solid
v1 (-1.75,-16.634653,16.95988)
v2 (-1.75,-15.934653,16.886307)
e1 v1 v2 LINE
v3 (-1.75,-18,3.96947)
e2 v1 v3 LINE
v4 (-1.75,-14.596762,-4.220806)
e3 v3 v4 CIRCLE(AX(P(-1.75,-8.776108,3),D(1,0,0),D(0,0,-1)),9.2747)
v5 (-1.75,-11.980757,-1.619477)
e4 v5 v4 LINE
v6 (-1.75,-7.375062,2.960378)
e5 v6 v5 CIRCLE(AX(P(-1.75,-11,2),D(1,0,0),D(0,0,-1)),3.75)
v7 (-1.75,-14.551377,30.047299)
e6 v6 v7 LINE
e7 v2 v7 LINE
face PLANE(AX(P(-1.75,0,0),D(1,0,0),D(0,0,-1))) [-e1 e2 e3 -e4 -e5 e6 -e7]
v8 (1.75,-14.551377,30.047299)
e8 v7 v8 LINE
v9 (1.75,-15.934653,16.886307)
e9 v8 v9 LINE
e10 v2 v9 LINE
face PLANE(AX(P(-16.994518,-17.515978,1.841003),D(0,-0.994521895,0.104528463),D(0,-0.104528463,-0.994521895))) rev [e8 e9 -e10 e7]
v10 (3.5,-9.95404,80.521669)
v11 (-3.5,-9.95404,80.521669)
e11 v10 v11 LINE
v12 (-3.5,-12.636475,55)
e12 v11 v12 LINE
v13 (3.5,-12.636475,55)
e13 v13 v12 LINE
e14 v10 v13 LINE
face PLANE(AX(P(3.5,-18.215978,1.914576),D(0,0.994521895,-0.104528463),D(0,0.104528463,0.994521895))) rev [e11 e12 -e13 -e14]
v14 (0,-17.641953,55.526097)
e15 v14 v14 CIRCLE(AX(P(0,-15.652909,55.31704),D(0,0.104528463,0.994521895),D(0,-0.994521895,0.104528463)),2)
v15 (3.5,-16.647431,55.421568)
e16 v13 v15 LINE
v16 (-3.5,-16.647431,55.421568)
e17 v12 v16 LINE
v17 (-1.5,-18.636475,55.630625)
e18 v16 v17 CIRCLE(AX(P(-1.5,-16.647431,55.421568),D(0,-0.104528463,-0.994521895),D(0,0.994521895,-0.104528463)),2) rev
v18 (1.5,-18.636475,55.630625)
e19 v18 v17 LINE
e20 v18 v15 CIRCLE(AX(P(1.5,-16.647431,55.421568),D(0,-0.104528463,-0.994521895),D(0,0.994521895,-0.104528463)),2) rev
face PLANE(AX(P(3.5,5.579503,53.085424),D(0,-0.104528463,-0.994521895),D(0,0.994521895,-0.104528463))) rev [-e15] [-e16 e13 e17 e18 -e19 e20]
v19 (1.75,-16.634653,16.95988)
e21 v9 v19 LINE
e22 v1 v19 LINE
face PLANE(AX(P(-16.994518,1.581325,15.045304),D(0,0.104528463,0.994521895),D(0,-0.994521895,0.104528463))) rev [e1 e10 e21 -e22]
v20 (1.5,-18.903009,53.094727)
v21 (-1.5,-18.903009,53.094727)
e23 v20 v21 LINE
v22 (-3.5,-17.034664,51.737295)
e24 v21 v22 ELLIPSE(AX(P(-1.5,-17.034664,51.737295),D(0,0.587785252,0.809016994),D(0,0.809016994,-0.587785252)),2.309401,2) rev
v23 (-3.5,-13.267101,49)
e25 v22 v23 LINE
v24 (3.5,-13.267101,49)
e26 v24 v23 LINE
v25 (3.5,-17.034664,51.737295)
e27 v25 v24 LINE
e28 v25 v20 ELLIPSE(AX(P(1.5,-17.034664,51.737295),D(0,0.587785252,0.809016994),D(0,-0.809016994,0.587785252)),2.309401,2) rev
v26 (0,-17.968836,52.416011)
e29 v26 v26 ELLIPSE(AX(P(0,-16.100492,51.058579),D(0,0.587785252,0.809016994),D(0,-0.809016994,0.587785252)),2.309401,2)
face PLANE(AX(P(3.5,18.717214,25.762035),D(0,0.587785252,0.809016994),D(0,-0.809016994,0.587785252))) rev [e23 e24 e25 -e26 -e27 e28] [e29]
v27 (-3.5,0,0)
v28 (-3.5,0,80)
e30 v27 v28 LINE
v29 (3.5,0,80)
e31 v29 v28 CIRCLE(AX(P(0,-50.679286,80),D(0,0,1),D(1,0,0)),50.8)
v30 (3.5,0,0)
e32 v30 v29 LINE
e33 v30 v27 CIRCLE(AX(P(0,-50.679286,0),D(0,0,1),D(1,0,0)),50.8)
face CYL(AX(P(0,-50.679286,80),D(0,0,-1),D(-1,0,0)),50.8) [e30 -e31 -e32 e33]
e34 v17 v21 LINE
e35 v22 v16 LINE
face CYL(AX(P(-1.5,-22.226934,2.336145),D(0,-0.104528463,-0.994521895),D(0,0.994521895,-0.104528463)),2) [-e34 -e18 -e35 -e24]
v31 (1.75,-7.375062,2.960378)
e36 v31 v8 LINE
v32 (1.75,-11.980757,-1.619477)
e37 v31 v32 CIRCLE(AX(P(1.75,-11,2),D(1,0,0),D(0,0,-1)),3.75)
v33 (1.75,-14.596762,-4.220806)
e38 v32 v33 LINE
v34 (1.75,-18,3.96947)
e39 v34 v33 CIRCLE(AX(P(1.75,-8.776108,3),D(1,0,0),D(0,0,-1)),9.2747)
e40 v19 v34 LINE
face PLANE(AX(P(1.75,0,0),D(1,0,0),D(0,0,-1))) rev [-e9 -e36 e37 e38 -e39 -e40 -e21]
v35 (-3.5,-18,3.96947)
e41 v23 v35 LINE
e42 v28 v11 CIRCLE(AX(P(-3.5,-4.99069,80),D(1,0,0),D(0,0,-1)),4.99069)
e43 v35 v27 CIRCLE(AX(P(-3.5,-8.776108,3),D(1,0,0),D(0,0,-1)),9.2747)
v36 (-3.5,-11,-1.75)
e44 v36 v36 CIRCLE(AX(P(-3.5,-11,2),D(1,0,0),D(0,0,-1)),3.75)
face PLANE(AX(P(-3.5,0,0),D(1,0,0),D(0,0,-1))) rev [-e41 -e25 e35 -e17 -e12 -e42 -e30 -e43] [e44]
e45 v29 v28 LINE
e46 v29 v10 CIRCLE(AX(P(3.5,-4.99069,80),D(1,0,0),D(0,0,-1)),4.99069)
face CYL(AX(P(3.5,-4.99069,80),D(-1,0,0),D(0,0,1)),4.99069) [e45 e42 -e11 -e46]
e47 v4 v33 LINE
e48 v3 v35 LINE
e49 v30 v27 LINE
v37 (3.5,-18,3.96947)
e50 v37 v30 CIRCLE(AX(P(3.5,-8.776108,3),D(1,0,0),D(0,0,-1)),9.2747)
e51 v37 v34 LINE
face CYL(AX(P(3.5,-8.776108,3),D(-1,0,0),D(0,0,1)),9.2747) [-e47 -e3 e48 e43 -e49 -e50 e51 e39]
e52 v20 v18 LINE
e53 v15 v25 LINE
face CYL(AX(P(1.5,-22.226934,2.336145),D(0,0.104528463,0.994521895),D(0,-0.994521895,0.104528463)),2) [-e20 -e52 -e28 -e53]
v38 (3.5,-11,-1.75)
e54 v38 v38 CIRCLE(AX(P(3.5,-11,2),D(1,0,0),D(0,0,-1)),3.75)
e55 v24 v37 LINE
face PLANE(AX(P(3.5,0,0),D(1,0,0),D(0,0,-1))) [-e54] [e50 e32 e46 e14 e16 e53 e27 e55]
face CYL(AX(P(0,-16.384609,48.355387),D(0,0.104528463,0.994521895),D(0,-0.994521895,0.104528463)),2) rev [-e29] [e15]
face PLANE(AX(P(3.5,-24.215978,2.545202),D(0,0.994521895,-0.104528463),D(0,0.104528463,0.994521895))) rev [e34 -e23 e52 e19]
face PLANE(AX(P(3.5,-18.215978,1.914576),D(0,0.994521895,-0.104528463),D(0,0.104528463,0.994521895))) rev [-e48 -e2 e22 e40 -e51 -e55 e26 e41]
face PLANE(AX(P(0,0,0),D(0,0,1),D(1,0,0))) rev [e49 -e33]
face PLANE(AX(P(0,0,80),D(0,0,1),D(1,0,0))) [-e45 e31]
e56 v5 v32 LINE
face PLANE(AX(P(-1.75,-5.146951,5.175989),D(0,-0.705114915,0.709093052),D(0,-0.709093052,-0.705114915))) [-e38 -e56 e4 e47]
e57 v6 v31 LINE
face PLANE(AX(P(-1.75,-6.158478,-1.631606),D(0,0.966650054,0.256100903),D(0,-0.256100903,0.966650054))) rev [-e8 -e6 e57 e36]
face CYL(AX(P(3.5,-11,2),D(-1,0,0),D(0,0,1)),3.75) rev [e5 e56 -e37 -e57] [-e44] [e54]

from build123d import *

# Parameters (mm, degrees)
SKETCH1_R           = 3.75
BOSS_EXTRUDE1_DEPTH = 3.5
CUT_EXTRUDE1_DEPTH  = 1.75
BOSS_EXTRUDE3_DEPTH = 80
SKETCH9_R           = 2
CUT_EXTRUDE3_DEPTH  = 7
FILLET2_R           = 2
BOSS_EXTRUDE7_DEPTH = 3.5


with BuildPart() as part:
    # Sketch1 → Boss-Extrude1 (new body, symmetric)
    with BuildSketch(Plane(origin=(0, 0, 0), x_dir=(0, 0, -1), z_dir=(1, 0, 0))):
        with BuildLine():
            Line((-80.521669114, -9.954039671), (-3.96947016, -18))
            ThreePointArc((-3.96947016, -18), (6.057083574, -10.773431066), (0, 0))
            Line((0, 0), (-80, 0))
            ThreePointArc((-80, 0), (-84.983850029, -4.729497083), (-80.521669114, -9.954039671))
        make_face()
        with Locations((-2, -11)):
            Circle(SKETCH1_R, mode=Mode.SUBTRACT)
        Polygon((-53.094727027, -18.903008846), (-49, -13.267100598), (-55, -12.636475186), (-55.630625412, -18.636475186), align=None)
    extrude(amount=BOSS_EXTRUDE1_DEPTH, both=True)

    # Sketch6 → Cut-Extrude1 (cut, symmetric)
    with BuildSketch(Plane(origin=(0, 0, 0), x_dir=(0, 0, -1), z_dir=(1, 0, 0))):
        with BuildLine():
            ThreePointArc((1.619477331, -11.980756773), (-4.659098946, -13.644180931), (-2.960378385, -7.375062296))
            Line((-2.960378385, -7.375062296), (-31.959880017, -15.058089377))
            Line((-31.959880017, -15.058089377), (-3.96947016, -18))
            ThreePointArc((-3.96947016, -18), (0.558835237, -17.340846662), (4.220806393, -14.596762087))
            Line((4.220806393, -14.596762087), (1.619477331, -11.980756773))
        make_face()
    extrude(amount=CUT_EXTRUDE1_DEPTH, both=True, mode=Mode.SUBTRACT)

    # Sketch8 → Boss-Extrude3 (add)
    with BuildSketch(Plane.XY):
        with BuildLine():
            Line((-3.5, 0), (3.5, 0))
            ThreePointArc((3.5, 0), (0, 0.120714291), (-3.5, 0))
        make_face()
    extrude(amount=BOSS_EXTRUDE3_DEPTH)

    # Sketch9 → Cut-Extrude3 (cut)
    with BuildSketch(Plane(origin=(0, 5.579502847, 53.085423559), x_dir=(1, 0, 0), z_dir=(0, 0.104528463, 0.994521895))):
        with Locations((0, -21.34936641)):
            Circle(SKETCH9_R)
    extrude(amount=-CUT_EXTRUDE3_DEPTH, mode=Mode.SUBTRACT)

    # Fillet2
    fillet2_edges = [part.edges().sort_by_distance(p)[0] for p in [
        (-3.5, -18.769742016, 54.362676219),
        (3.5, -18.769742016, 54.362676219),
    ]]
    fillet(fillet2_edges, radius=FILLET2_R)

    # Sketch10 → Boss-Extrude7 (add)
    with BuildSketch(Plane.ZY.offset(-1.75)):
        Polygon((31.959880017, -15.058089377), (30.04729926, -14.551376885), (16.886307052, -15.934652906), (16.959880017, -16.634652906), align=None)
        Polygon((31.959880017, -15.058089377), (31.886307052, -14.358089377), (30.04729926, -14.551376885), align=None)
    extrude(amount=BOSS_EXTRUDE7_DEPTH)


solid = part.part
